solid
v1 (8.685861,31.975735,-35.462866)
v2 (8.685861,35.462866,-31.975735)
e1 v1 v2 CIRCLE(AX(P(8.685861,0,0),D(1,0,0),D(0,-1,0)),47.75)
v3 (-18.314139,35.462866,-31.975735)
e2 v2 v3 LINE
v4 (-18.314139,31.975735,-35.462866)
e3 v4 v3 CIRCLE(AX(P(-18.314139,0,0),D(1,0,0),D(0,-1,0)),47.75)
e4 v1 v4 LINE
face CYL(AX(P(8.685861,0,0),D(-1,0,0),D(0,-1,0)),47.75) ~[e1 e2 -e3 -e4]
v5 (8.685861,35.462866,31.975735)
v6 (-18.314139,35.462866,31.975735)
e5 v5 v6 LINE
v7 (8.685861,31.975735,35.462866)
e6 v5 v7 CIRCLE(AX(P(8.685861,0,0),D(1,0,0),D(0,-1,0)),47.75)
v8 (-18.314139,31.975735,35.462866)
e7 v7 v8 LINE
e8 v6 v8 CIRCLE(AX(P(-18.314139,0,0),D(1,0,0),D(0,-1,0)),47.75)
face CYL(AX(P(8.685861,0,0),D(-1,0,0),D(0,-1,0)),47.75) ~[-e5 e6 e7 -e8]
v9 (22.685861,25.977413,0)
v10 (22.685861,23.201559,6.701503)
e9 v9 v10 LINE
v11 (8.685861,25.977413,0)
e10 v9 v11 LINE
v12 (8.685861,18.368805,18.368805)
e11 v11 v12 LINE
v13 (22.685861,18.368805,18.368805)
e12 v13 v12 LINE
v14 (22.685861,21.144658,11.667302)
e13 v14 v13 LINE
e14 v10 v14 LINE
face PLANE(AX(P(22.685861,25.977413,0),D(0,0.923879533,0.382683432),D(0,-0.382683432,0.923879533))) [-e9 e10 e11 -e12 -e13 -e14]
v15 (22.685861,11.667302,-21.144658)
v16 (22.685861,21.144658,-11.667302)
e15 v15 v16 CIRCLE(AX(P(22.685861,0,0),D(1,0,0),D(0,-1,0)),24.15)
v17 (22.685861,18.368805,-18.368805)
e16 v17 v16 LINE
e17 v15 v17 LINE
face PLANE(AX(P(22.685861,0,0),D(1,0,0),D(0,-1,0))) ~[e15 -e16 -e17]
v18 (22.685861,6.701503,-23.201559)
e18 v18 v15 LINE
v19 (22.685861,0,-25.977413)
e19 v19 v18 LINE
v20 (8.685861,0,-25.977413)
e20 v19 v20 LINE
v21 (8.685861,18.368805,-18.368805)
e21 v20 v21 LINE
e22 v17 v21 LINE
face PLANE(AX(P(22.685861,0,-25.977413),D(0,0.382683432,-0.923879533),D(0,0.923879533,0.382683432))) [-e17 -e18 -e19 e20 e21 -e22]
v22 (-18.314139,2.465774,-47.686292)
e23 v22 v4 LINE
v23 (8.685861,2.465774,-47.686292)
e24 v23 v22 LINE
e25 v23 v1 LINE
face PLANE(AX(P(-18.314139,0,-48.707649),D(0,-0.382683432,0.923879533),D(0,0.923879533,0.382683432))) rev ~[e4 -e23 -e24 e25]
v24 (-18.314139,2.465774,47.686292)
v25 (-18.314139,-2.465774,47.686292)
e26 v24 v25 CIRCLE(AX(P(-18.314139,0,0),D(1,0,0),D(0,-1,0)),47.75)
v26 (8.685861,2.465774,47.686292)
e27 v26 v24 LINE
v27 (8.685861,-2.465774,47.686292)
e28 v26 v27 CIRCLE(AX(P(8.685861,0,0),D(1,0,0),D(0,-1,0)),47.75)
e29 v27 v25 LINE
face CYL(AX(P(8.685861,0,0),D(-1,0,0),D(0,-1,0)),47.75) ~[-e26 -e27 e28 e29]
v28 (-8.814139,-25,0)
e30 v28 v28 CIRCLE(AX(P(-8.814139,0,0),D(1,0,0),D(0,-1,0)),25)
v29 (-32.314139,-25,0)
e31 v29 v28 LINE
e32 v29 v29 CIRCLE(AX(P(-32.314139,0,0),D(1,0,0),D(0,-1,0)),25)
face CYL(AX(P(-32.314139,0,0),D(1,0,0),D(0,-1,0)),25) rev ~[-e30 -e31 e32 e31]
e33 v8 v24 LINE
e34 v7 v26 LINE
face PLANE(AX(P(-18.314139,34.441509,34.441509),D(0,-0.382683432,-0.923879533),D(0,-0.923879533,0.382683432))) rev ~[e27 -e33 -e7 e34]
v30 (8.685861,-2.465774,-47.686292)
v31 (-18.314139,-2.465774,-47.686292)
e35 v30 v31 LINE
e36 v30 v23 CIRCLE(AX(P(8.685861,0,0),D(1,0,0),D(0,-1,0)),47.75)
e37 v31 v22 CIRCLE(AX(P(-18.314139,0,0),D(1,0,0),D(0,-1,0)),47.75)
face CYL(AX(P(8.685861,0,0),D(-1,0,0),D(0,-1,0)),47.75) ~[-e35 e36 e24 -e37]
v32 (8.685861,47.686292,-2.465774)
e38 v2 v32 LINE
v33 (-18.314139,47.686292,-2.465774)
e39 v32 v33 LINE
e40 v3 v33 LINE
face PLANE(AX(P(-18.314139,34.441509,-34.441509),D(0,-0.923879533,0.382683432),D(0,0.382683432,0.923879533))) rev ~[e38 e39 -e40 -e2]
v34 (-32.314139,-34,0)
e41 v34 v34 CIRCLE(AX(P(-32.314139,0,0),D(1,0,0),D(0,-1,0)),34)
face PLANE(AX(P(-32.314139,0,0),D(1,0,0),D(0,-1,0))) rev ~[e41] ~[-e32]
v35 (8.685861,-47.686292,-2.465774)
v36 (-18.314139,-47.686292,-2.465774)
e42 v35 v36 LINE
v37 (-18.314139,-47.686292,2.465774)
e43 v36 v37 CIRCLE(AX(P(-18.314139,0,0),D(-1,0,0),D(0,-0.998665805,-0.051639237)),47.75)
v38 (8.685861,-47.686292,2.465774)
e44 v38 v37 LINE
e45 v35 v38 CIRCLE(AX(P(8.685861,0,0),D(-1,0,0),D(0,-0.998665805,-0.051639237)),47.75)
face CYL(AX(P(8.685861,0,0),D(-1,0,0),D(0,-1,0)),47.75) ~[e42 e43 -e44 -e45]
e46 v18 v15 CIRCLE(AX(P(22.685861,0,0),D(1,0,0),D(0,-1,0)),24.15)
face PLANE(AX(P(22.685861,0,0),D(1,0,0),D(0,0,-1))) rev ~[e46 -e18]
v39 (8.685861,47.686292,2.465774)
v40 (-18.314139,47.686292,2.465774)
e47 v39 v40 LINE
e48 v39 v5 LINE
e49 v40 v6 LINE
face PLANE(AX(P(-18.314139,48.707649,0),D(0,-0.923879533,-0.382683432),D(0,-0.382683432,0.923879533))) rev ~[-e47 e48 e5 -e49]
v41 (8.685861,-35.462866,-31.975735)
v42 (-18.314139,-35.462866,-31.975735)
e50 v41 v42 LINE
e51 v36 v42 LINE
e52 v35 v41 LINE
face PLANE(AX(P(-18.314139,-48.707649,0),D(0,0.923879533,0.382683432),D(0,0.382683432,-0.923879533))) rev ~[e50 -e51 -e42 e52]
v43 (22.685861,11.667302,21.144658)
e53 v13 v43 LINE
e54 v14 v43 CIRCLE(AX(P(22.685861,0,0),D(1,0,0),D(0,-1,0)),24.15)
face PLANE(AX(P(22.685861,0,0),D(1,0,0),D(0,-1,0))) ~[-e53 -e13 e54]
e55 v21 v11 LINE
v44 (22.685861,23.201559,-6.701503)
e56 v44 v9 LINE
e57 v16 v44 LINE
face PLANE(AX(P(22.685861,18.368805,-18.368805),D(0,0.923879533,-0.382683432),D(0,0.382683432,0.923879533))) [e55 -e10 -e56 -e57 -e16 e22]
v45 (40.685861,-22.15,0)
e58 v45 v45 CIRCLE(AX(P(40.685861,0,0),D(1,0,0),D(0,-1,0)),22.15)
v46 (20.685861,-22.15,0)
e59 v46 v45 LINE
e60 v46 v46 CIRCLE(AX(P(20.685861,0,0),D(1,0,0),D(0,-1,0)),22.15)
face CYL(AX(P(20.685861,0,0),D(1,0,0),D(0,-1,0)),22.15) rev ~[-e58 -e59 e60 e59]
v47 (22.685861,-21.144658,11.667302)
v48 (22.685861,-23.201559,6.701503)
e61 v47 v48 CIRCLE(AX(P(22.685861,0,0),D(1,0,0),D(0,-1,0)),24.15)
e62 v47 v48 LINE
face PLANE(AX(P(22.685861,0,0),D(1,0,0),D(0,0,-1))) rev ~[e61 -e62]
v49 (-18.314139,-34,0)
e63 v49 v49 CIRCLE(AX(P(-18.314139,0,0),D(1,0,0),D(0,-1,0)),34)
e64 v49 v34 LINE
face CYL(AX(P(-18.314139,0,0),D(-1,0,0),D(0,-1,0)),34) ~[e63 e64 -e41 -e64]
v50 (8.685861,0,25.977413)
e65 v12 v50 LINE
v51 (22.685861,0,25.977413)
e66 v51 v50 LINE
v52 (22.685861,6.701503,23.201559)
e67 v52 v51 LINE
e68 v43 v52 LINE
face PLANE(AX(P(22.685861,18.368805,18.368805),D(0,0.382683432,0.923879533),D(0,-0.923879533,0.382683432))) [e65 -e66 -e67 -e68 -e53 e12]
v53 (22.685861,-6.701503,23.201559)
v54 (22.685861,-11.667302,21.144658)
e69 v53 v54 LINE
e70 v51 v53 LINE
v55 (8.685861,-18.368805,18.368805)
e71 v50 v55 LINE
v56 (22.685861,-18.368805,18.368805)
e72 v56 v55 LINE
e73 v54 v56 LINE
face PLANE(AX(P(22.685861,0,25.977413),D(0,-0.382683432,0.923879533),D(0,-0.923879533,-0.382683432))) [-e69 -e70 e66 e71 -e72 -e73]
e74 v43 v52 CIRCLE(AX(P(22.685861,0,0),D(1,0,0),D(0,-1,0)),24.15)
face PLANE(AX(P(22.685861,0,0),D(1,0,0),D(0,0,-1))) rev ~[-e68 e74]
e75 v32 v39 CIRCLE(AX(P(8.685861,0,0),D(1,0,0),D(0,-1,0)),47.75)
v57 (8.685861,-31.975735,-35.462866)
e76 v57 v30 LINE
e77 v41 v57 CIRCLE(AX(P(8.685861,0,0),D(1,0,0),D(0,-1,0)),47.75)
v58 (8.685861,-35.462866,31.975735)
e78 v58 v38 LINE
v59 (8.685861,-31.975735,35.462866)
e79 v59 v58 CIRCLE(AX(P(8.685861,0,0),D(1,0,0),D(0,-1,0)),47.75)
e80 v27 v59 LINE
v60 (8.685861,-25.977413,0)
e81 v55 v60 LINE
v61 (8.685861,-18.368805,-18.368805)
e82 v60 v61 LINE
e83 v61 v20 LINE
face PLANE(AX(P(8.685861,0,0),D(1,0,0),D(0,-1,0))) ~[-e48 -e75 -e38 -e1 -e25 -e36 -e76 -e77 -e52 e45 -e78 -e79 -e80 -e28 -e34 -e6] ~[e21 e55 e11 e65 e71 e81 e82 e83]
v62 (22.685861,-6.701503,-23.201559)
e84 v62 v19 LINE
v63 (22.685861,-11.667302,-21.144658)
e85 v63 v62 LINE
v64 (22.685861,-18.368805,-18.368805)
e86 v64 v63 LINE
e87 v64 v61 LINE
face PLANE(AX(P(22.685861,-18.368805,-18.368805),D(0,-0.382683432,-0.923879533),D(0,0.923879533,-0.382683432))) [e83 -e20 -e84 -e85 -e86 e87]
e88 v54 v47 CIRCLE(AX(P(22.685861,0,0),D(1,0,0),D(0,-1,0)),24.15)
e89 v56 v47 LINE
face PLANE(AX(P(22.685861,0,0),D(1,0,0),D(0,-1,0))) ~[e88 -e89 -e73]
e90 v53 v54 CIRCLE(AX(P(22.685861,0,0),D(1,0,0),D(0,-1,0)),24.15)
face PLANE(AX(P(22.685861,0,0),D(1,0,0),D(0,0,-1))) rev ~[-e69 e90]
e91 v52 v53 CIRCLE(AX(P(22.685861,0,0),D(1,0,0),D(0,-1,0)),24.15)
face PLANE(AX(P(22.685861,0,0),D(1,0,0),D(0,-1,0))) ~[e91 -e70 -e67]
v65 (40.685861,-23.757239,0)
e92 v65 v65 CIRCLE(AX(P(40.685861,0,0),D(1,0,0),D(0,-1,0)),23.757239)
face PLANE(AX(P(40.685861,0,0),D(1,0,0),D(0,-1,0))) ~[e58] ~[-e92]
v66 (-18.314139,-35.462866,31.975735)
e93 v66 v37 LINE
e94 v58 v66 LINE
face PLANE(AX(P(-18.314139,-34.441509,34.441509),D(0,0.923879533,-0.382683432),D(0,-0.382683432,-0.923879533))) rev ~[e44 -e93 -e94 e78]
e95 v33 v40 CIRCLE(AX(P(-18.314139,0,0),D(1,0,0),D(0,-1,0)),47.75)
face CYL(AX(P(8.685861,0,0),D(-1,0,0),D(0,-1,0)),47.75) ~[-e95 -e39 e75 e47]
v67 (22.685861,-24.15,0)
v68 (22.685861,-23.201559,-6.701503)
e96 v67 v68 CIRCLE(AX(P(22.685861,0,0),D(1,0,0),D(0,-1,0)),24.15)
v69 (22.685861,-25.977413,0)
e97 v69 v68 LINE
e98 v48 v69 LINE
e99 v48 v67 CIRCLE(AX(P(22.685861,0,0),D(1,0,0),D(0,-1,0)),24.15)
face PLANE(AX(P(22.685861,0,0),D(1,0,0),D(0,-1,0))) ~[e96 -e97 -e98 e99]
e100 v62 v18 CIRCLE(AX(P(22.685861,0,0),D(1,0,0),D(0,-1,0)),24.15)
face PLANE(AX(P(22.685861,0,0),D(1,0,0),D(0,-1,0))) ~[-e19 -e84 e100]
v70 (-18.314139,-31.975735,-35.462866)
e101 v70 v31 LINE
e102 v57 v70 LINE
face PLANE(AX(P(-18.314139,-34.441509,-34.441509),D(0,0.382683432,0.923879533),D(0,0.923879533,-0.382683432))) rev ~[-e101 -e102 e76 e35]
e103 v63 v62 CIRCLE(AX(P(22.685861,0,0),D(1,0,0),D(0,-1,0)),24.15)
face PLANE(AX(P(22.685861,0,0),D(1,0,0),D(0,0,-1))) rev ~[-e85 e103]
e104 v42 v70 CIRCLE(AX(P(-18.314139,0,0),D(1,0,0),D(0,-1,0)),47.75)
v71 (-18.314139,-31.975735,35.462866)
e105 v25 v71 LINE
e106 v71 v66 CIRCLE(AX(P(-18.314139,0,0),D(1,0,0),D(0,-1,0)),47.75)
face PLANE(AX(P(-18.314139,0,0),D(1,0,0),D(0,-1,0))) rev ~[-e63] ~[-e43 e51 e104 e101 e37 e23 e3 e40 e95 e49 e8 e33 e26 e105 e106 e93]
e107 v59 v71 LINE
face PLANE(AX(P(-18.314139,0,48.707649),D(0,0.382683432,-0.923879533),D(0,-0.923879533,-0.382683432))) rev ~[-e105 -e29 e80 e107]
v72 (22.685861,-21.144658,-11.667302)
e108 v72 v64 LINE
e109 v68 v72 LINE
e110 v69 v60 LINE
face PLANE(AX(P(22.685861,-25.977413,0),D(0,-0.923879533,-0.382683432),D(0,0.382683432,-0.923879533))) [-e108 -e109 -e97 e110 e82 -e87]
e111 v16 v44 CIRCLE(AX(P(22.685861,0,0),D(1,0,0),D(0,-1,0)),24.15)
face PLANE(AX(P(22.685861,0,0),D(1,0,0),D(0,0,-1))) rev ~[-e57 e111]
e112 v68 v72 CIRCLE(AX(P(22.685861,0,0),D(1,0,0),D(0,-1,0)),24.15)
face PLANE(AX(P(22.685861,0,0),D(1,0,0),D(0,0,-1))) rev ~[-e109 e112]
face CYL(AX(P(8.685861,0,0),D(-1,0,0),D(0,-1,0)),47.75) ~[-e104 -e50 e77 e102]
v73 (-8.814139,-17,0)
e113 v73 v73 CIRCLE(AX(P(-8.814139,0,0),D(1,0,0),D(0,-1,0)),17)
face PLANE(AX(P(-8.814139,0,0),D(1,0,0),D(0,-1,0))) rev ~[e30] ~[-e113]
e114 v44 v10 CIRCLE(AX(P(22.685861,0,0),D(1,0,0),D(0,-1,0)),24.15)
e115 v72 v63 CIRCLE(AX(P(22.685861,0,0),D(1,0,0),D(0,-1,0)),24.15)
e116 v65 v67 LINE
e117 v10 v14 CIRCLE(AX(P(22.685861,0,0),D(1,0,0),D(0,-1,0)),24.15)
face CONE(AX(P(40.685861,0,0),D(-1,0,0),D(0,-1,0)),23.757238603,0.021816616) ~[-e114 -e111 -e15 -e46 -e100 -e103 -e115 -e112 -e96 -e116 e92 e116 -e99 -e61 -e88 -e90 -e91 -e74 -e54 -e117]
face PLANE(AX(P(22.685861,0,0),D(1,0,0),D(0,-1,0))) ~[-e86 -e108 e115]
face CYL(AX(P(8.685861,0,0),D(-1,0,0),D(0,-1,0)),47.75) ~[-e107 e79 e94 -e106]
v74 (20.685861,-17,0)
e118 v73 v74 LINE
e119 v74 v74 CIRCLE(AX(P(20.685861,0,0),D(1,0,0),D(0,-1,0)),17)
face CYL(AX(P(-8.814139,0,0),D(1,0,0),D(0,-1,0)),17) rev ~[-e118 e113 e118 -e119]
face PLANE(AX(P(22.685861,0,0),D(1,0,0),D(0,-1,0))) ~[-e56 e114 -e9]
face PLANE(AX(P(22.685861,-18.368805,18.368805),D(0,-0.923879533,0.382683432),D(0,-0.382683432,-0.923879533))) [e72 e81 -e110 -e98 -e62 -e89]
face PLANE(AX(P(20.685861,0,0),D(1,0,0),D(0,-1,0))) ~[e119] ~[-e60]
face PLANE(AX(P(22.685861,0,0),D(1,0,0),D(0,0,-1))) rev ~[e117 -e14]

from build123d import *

# Parameters (mm, degrees)
CUT_EXTRUDE1_START = -27
SKETCH2_R          = 61.415464326
CUT_EXTRUDE1_DEPTH = 27
SKETCH3_R          = 40.122085913
CUT_EXTRUDE2_DEPTH = 14


with BuildPart() as part:
    # Sketch1 → Revolve1 (revolve)
    with BuildSketch(Plane.XY):
        Polygon((-32.314138911, -25), (-8.814138911, -25), (-8.814138911, -17), (20.685861089, -17), (20.685861089, -22.15), (40.685861089, -22.15), (40.685861089, -23.757238603), (22.685861089, -24.15), (22.685861089, -34.74048531), (8.685861089, -34.74048531), (8.685861089, -47.75), (-18.314138911, -47.75), (-18.314138911, -34), (-32.314138911, -34), align=None)
    revolve(axis=Axis((0, 0, 0), (1, 0, 0)))

    # Sketch2 → Cut-Extrude1 (cut)
    with BuildSketch(Plane(origin=(8.685861089, 0, 0), x_dir=(0, 0, -1), z_dir=(1, 0, 0)).offset(CUT_EXTRUDE1_START)):
        Circle(SKETCH2_R)
        Polygon((0, 48.707649013), (-34.441508913, 34.441508913), (-48.707649013, 0), (-34.441508913, -34.441508913), (0, -48.707649013), (34.441508913, -34.441508913), (48.707649013, 0), (34.441508913, 34.441508913), align=None, mode=Mode.SUBTRACT)
    extrude(amount=CUT_EXTRUDE1_DEPTH, mode=Mode.SUBTRACT)

    # Sketch3 → Cut-Extrude2 (cut)
    with BuildSketch(Plane(origin=(22.685861089, 0, 0), x_dir=(0, 0, -1), z_dir=(1, 0, 0))):
        Circle(SKETCH3_R)
        Polygon((0, 25.977412807), (-18.368804754, 18.368804754), (-25.977412807, 0), (-18.368804754, -18.368804754), (0, -25.977412807), (18.368804754, -18.368804754), (25.977412807, 0), (18.368804754, 18.368804754), align=None, mode=Mode.SUBTRACT)
    extrude(amount=-CUT_EXTRUDE2_DEPTH, mode=Mode.SUBTRACT)


solid = part.part
